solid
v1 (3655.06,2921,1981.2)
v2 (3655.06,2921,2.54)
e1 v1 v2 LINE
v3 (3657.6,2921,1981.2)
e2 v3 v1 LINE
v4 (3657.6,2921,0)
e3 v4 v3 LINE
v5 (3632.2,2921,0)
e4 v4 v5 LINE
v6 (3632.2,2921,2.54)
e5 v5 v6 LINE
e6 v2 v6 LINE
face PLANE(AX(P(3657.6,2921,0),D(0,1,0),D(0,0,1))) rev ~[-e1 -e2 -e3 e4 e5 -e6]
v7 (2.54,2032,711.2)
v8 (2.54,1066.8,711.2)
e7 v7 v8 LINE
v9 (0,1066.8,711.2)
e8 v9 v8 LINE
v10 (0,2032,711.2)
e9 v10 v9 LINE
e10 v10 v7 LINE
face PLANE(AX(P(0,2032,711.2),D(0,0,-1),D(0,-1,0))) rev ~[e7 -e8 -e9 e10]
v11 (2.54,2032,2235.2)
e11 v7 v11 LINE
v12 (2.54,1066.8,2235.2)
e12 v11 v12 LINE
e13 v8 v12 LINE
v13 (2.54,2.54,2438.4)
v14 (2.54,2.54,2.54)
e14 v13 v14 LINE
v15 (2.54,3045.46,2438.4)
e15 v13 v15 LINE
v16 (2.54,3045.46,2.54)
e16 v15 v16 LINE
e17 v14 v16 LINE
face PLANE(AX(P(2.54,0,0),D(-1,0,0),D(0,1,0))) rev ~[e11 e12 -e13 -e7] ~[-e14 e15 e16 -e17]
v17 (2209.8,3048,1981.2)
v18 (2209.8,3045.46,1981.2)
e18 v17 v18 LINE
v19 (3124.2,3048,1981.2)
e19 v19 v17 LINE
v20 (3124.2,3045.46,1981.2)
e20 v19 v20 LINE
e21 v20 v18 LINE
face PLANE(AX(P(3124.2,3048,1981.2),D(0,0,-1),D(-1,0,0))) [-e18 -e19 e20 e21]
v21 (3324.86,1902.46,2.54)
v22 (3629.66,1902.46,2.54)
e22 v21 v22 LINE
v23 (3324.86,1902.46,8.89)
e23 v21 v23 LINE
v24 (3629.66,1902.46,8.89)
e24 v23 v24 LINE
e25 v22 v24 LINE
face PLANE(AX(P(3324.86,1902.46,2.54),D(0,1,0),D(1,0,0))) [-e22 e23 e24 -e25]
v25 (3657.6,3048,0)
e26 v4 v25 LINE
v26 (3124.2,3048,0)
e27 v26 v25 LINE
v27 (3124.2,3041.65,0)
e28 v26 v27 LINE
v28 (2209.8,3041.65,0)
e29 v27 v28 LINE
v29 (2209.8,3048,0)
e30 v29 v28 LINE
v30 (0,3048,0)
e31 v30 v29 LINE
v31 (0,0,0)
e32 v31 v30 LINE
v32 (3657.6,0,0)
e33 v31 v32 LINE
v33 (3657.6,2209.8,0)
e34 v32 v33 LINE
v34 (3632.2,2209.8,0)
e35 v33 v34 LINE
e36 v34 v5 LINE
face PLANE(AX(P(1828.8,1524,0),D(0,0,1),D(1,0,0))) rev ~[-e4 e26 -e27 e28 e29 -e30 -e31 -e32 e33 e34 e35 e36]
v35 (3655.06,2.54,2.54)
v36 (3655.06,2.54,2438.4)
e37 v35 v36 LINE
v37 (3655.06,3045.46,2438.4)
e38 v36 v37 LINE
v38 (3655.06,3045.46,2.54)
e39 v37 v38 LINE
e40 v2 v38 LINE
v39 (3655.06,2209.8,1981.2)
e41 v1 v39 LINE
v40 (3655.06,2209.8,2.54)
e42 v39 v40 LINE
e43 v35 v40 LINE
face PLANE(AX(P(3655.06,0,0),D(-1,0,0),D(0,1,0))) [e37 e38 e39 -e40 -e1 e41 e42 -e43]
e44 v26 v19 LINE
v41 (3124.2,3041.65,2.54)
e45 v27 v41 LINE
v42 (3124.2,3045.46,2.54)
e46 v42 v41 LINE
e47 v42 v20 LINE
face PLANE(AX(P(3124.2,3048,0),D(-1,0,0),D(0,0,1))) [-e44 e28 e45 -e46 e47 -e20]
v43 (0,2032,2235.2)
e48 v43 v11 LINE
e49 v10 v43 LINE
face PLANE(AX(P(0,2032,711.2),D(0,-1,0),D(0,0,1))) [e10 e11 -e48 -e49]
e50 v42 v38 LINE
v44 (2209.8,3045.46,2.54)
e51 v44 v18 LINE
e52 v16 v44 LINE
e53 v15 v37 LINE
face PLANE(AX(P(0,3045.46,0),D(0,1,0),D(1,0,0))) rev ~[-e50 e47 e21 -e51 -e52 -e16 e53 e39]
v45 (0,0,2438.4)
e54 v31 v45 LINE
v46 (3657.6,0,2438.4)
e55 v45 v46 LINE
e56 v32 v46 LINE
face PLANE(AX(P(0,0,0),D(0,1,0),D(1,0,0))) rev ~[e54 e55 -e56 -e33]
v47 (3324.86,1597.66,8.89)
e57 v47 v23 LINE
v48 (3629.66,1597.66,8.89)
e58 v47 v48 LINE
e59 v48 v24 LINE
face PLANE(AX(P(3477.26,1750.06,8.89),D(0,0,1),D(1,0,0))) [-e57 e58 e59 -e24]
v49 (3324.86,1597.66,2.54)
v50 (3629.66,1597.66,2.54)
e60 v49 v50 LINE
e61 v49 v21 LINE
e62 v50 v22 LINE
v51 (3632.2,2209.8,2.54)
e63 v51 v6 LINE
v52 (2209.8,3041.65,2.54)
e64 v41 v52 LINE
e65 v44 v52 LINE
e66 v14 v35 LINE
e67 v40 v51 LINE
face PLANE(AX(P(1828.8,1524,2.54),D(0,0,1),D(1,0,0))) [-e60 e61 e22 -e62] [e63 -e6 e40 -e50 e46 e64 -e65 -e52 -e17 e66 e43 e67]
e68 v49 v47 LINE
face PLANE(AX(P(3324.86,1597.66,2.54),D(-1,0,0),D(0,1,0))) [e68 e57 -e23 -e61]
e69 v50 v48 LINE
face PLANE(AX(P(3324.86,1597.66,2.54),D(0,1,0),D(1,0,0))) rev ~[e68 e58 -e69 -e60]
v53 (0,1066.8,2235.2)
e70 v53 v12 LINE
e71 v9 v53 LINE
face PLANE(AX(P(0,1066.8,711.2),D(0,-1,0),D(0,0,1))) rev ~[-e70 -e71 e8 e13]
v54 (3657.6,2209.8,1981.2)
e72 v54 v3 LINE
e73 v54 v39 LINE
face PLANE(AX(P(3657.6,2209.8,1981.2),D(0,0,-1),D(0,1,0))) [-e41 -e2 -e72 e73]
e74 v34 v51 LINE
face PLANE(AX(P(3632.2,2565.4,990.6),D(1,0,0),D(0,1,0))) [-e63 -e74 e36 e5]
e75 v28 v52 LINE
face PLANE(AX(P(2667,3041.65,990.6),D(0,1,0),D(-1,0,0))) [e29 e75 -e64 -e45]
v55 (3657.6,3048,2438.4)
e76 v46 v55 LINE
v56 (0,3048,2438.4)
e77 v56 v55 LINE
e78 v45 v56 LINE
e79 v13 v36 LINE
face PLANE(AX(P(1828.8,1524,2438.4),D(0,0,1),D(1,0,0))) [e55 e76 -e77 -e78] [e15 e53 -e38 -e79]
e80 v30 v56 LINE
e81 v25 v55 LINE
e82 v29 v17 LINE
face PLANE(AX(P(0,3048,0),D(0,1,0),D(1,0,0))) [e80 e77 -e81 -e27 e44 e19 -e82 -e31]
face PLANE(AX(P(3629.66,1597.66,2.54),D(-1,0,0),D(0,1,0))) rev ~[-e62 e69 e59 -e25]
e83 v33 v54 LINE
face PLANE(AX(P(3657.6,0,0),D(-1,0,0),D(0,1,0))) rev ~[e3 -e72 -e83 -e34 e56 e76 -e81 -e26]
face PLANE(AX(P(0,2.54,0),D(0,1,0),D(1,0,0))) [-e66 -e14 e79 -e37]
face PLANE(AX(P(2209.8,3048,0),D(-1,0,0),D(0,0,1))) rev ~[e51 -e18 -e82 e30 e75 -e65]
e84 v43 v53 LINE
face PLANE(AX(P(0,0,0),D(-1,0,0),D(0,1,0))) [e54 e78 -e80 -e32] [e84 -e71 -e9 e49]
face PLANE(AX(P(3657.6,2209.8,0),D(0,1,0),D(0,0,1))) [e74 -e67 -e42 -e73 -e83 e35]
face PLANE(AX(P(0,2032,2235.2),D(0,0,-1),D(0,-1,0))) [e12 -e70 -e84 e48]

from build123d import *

# Parameters (mm, degrees)
F0_W      = 3657.6
F0_H      = 3048
F1_DEPTH  = 2438.4
F2_T      = -2.54
F3_W      = 711.2
F3_H      = 1981.2
F4_DEPTH  = 25.4
F5_W      = 965.2
F5_H      = 1524
F6_DEPTH  = 25.4
F7_W      = 304.8
F7_H      = 304.8
F8_DEPTH  = 6.35
F9_W      = 914.4
F9_H      = 1981.2
F10_DEPTH = 6.35


with BuildPart() as f1:
    # F0 (on Top) → F1 (new body)
    with BuildSketch(Plane.XY):
        with Locations((1828.8, 1524)):
            Rectangle(F0_W, F0_H)
    extrude(amount=F1_DEPTH)

    # F2
    f2_openings = [f1.faces().sort_by_distance(p)[0] for p in [
        (1828.8, 1524, 2438.4),
    ]]
    offset(amount=F2_T, openings=f2_openings)

    # F3 (on face) → F4 (cut)
    with BuildSketch(Plane.YZ.offset(3657.6)):
        with Locations((2565.4, 990.6)):
            Rectangle(F3_W, F3_H)
    extrude(amount=-F4_DEPTH, mode=Mode.SUBTRACT)

    # F5 (on face) → F6 (cut)
    with BuildSketch(Plane(origin=(0, 0, 0), x_dir=(0, -1, 0), z_dir=(-1, 0, 0))):
        with Locations((-1549.4, 1473.2)):
            Rectangle(F5_W, F5_H)
    extrude(amount=-F6_DEPTH, mode=Mode.SUBTRACT)

    # F7 (on face) → F8 (join)
    with BuildSketch(Plane.XY.offset(2.54)):
        with Locations((3477.26, 1750.06)):
            Rectangle(F7_W, F7_H)
    extrude(amount=F8_DEPTH)

    # F9 (on face) → F10 (cut)
    with BuildSketch(Plane(origin=(0, 3048, 0), x_dir=(-1, 0, 0), z_dir=(0, 1, 0))):
        with Locations((-2667, 990.6)):
            Rectangle(F9_W, F9_H)
    extrude(amount=-F10_DEPTH, mode=Mode.SUBTRACT)


solid = f1.part
